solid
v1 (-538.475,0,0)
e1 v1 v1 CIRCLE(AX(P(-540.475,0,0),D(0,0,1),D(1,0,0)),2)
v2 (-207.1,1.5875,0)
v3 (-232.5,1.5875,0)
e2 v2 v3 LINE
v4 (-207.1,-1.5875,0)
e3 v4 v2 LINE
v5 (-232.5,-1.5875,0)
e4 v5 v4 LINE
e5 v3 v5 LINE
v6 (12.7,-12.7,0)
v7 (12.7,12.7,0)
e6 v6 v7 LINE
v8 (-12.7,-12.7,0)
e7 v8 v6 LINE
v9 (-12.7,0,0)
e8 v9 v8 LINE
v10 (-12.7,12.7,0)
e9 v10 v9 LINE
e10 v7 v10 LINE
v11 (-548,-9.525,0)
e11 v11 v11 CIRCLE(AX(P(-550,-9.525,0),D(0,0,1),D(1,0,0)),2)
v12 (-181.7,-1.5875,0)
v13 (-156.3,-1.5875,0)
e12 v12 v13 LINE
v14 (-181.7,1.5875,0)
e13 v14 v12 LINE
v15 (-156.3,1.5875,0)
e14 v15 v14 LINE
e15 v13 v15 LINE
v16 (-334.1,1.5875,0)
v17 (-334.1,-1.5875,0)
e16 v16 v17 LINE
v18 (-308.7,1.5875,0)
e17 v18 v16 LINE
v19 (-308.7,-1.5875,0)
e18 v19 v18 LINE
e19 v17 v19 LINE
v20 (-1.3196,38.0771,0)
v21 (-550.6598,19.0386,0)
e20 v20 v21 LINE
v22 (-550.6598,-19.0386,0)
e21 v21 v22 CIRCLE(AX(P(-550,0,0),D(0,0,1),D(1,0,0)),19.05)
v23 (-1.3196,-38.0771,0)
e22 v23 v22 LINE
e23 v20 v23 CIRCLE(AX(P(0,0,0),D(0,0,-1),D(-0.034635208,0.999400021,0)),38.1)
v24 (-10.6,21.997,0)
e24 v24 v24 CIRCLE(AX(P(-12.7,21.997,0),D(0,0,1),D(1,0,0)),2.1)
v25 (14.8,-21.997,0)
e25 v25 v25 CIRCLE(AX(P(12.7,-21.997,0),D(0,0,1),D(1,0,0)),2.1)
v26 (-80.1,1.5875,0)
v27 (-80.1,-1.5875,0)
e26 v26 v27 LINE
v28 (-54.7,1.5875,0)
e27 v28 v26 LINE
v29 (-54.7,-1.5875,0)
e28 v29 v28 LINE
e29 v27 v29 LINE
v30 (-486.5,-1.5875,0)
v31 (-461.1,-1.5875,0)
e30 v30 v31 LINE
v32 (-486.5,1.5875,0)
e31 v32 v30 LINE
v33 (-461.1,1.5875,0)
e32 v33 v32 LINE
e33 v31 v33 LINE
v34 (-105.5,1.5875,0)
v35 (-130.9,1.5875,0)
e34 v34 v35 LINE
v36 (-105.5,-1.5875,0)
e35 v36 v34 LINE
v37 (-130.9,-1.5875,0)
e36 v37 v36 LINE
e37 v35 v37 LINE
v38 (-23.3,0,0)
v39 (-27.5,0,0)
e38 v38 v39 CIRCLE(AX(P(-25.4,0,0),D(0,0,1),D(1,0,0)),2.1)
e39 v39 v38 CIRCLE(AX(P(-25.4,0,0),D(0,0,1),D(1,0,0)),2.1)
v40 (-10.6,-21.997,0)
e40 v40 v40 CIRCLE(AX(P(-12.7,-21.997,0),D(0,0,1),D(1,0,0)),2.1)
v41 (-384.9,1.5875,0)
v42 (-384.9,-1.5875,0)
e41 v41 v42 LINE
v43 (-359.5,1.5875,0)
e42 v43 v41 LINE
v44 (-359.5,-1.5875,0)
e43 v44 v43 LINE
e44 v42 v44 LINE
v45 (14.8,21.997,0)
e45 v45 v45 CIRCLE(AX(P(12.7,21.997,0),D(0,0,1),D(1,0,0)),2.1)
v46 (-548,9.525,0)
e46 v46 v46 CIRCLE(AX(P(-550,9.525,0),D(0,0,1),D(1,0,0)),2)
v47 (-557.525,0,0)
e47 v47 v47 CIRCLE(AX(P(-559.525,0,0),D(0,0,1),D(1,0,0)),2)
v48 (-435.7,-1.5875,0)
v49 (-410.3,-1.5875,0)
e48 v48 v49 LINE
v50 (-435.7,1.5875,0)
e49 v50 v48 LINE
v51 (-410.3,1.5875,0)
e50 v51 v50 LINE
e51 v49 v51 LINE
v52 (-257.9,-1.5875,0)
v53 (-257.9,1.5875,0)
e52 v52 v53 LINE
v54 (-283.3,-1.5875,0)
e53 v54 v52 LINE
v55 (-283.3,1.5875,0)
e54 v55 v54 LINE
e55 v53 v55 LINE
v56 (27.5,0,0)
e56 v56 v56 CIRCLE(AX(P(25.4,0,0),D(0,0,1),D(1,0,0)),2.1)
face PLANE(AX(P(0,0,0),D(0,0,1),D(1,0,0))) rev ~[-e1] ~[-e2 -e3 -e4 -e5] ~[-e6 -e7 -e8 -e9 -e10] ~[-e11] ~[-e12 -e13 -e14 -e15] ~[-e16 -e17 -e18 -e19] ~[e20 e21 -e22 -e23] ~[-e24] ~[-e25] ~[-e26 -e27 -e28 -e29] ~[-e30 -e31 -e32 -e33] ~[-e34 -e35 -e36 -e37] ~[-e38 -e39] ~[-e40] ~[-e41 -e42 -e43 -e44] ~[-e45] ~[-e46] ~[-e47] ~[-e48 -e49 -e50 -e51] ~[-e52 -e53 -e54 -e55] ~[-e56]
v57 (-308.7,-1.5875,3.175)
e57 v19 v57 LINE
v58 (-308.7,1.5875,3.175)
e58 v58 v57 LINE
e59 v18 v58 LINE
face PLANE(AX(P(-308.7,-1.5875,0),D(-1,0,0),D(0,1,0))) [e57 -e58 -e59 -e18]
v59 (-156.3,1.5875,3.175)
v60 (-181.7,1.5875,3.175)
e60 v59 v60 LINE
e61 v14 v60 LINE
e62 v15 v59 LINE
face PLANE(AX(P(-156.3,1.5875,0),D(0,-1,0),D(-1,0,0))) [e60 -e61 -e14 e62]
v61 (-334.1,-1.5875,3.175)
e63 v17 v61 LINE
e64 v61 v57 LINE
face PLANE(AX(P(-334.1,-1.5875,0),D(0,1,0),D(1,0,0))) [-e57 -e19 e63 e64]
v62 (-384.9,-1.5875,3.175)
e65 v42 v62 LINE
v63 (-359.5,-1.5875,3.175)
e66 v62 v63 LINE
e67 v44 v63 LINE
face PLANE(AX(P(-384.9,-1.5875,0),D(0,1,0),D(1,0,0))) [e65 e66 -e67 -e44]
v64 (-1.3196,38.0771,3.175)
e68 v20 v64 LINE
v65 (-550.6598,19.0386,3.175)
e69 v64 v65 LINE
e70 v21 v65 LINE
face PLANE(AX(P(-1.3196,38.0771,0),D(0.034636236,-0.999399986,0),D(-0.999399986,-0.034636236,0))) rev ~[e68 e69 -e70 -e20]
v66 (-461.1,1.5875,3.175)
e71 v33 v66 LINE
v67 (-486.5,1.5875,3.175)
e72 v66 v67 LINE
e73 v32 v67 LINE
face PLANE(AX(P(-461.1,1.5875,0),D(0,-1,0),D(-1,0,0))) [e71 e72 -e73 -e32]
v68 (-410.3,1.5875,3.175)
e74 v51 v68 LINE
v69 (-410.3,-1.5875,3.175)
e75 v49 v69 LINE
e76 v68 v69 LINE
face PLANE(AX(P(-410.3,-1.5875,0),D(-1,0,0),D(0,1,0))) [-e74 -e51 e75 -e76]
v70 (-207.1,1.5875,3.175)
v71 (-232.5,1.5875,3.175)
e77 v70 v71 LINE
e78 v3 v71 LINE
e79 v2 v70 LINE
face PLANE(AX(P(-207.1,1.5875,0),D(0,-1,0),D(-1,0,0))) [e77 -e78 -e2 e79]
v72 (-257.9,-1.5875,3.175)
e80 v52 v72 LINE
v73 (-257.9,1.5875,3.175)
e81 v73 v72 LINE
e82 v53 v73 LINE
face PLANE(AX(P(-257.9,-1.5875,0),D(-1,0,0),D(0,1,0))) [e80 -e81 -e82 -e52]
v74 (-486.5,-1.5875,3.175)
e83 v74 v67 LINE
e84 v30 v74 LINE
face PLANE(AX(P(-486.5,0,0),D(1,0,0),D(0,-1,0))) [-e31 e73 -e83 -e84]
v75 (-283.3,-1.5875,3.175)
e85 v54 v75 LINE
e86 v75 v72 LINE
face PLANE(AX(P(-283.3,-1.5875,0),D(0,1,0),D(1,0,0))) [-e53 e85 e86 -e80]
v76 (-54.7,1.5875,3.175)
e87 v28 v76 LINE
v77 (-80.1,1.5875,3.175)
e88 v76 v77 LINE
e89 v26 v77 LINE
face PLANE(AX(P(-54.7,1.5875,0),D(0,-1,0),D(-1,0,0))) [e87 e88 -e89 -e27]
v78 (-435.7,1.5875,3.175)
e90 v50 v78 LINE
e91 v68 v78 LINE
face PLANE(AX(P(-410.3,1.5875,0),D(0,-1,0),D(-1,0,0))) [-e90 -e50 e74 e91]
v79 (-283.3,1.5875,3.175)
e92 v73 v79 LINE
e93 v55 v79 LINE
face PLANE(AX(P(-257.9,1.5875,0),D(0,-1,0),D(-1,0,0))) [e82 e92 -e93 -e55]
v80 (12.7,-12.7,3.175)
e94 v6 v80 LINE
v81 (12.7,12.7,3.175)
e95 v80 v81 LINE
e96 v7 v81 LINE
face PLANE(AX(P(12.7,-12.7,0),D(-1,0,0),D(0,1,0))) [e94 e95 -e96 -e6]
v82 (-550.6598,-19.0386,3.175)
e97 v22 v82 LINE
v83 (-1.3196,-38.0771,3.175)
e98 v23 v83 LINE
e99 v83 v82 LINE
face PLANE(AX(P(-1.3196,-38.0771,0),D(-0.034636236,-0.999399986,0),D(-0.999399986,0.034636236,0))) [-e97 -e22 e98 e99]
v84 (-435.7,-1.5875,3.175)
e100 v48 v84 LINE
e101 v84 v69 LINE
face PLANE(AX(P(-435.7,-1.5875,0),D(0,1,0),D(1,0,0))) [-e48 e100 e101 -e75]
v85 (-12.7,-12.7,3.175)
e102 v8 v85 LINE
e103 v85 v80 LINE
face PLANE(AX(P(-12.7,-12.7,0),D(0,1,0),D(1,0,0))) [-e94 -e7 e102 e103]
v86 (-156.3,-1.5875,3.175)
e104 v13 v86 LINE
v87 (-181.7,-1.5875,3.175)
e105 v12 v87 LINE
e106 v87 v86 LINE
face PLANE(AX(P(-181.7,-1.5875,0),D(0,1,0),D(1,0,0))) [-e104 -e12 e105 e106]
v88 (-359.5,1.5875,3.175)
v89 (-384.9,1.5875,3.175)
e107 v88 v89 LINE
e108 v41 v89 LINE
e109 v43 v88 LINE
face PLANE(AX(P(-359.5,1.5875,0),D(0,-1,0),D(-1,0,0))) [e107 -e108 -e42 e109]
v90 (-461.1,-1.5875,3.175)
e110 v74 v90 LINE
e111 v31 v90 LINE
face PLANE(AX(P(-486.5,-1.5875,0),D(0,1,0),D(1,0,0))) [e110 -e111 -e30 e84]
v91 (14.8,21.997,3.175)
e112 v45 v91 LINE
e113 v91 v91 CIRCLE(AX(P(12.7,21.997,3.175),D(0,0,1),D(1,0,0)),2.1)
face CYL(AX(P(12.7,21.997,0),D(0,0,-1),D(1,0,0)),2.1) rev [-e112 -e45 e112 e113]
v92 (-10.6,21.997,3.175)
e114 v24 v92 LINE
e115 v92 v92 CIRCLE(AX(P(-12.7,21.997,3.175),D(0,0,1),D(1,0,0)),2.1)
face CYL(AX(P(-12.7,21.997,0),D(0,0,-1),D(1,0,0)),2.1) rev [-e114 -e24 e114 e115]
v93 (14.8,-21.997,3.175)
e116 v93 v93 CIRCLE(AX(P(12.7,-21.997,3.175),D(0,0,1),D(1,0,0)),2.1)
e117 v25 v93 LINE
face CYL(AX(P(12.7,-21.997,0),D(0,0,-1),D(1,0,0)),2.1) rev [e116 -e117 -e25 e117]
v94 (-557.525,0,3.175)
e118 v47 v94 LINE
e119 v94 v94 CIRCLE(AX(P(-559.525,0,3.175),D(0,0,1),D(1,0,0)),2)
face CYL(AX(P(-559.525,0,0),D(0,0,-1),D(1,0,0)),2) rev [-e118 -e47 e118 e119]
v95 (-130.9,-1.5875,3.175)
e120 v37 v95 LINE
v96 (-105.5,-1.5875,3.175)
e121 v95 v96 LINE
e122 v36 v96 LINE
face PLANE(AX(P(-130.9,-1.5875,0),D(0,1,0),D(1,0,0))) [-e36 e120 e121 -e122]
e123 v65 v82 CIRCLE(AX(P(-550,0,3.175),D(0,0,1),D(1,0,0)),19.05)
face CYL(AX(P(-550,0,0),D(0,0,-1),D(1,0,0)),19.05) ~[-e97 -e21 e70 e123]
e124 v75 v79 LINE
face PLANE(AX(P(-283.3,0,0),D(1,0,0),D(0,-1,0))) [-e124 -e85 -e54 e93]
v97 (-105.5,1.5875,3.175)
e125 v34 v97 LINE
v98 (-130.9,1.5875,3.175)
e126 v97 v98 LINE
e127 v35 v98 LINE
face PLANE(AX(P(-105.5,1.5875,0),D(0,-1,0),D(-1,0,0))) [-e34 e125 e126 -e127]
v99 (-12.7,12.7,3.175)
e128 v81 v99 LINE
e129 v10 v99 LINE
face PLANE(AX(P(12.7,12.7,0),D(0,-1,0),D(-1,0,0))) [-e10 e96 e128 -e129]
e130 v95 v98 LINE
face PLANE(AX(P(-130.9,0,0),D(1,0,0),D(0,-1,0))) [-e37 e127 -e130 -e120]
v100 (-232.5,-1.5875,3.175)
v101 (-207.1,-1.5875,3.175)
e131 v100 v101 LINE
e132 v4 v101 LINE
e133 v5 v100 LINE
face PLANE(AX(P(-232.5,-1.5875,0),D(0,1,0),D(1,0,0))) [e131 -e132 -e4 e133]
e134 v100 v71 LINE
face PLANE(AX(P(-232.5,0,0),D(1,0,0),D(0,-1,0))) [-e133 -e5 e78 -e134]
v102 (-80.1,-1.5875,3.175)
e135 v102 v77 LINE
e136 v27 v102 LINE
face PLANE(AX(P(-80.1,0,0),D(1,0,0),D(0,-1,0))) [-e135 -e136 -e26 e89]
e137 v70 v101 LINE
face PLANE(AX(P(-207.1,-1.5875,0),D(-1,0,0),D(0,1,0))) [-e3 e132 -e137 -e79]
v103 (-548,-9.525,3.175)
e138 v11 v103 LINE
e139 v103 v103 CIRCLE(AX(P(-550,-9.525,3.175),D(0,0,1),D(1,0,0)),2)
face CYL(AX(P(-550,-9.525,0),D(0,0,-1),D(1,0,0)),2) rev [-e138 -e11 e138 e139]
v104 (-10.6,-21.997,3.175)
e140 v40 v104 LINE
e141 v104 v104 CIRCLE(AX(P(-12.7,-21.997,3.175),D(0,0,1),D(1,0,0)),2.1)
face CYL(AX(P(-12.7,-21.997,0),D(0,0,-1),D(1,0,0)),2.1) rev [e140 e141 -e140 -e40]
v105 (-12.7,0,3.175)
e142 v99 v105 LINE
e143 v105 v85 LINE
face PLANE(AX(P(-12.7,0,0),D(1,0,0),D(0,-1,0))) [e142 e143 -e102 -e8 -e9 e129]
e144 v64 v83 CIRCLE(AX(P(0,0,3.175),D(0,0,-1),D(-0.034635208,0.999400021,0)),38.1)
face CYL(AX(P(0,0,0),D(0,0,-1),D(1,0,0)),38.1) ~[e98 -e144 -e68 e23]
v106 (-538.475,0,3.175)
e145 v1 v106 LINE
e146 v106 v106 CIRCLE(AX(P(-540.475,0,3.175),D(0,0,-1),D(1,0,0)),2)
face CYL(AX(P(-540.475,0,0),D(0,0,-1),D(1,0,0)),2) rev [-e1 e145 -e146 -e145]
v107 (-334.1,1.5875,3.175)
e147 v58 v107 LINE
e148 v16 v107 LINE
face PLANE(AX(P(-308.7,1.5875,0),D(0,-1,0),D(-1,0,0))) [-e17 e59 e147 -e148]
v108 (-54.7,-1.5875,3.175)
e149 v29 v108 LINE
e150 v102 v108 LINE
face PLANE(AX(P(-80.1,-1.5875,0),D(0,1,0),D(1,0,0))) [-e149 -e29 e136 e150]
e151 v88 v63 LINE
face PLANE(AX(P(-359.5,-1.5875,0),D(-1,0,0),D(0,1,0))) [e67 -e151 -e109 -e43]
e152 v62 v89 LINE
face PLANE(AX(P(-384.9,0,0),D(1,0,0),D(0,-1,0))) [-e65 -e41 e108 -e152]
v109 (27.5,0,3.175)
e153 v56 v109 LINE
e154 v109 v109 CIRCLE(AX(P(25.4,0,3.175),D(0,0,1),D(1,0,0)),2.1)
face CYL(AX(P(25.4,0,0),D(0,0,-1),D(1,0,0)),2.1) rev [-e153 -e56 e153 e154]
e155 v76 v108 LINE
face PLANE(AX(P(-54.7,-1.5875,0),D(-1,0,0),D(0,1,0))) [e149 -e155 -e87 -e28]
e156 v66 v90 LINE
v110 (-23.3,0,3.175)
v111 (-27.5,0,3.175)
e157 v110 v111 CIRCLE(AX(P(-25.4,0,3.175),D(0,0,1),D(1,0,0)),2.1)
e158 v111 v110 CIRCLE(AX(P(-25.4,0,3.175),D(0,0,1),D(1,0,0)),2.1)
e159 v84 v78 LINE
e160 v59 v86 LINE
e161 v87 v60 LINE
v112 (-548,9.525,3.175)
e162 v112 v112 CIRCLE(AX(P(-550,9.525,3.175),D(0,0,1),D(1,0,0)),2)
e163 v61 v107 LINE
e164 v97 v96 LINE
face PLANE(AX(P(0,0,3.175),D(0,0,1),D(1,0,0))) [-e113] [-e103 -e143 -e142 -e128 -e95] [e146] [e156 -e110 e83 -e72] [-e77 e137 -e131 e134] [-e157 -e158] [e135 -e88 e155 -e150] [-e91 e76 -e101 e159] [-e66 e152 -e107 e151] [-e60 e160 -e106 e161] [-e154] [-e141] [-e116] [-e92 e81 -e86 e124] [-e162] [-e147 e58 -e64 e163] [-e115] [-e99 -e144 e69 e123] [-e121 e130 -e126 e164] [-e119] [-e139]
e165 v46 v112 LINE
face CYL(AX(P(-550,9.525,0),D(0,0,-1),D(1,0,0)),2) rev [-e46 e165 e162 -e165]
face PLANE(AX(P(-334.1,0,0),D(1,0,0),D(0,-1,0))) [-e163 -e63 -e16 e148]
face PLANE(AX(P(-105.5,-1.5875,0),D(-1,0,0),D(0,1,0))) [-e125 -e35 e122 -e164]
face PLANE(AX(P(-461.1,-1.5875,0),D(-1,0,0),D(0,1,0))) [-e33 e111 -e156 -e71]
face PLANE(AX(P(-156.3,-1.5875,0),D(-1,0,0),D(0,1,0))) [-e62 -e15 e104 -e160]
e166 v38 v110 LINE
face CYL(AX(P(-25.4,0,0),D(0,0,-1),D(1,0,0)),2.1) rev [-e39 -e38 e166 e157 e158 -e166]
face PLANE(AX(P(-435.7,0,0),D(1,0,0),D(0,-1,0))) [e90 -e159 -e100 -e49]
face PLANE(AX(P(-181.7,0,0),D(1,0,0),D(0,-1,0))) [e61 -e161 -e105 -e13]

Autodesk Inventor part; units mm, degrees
ref_plane "YZ Plane" through (0, 0, 0) normal (1, 0, 0) x (0, 1, 0)
ref_plane "XZ Plane" through (0, 0, 0) normal (0, 1, 0) x (-1, 0, 0)
ref_plane "XY Plane" through (0, 0, 0) normal (0, 0, 1) x (1, 0, 0)
sketch "Sketch1" plane through (0, 0, 0) normal (0, 0, 1) x (1, 0, 0)
  circle A0 centre (0, 0) radius 31.75 projected
  circle A1 centre (25.4, 0) radius 2.1 projected
  circle A2 centre (-25.4, 0) radius 2.1 projected
  circle A3 centre (12.7, -21.997) radius 2.1 projected
  circle A4 centre (-12.7, -21.997) radius 2.1 projected
  line L0 (12.7, -12.7) -> (12.7, 12.7) projected
  line L1 (-12.7, -12.7) -> (12.7, -12.7) projected
  line L2 (-12.7, 12.7) -> (-12.7, -12.7) projected
  line L3 (12.7, 12.7) -> (-12.7, 12.7) projected
  circle A5 centre (12.7, 21.997) radius 2.1 projected
  circle A6 centre (-12.7, 21.997) radius 2.1 projected
  circle A7 centre (0, 0) radius 38.1
  line L4 (0, 0) -> (-550, 0)
  circle A8 centre (-550, 0) radius 19.05
  circle A9 centre (-540.475, 0) radius 2
  circle A10 centre (-550, 9.525) radius 2
  circle A11 centre (-559.525, 0) radius 2
  circle A12 centre (-550, -9.525) radius 2
  line L5 (-1.3196, 38.0771) -> (-550.6598, 19.0386)
  line L6 (-1.3196, -38.0771) -> (-550.6598, -19.0386)
  circle A13 centre (12.7, 21.997) radius 2
  circle A14 centre (-12.7, 21.997) radius 2
  circle A15 centre (25.4, 0) radius 2
  circle A16 centre (-25.4, 0) radius 2
  circle A17 centre (12.7, -21.997) radius 2
  circle A18 centre (-12.7, -21.997) radius 2
  line L7 (-486.5, -1.5875) -> (-461.1, -1.5875)
  line L8 (-461.1, -1.5875) -> (-461.1, 1.5875)
  line L9 (-461.1, 1.5875) -> (-486.5, 1.5875)
  line L10 (-486.5, 1.5875) -> (-486.5, -1.5875)
  line L11 (-410.3, -1.5875) -> (-410.3, 1.5875)
  line L12 (-435.7, -1.5875) -> (-410.3, -1.5875)
  line L13 (-410.3, 1.5875) -> (-435.7, 1.5875)
  line L14 (-435.7, 1.5875) -> (-435.7, -1.5875)
  line L15 (-359.5, -1.5875) -> (-359.5, 1.5875)
  line L16 (-384.9, -1.5875) -> (-359.5, -1.5875)
  line L17 (-359.5, 1.5875) -> (-384.9, 1.5875)
  line L18 (-384.9, 1.5875) -> (-384.9, -1.5875)
  line L19 (-308.7, -1.5875) -> (-308.7, 1.5875)
  line L20 (-334.1, -1.5875) -> (-308.7, -1.5875)
  line L21 (-308.7, 1.5875) -> (-334.1, 1.5875)
  line L22 (-334.1, 1.5875) -> (-334.1, -1.5875)
  line L23 (-257.9, -1.5875) -> (-257.9, 1.5875)
  line L24 (-283.3, -1.5875) -> (-257.9, -1.5875)
  line L25 (-257.9, 1.5875) -> (-283.3, 1.5875)
  line L26 (-283.3, 1.5875) -> (-283.3, -1.5875)
  line L27 (-207.1, -1.5875) -> (-207.1, 1.5875)
  line L28 (-232.5, -1.5875) -> (-207.1, -1.5875)
  line L29 (-207.1, 1.5875) -> (-232.5, 1.5875)
  line L30 (-232.5, 1.5875) -> (-232.5, -1.5875)
  line L31 (-156.3, -1.5875) -> (-156.3, 1.5875)
  line L32 (-181.7, -1.5875) -> (-156.3, -1.5875)
  line L33 (-156.3, 1.5875) -> (-181.7, 1.5875)
  line L34 (-181.7, 1.5875) -> (-181.7, -1.5875)
  line L35 (-105.5, -1.5875) -> (-105.5, 1.5875)
  line L36 (-130.9, -1.5875) -> (-105.5, -1.5875)
  line L37 (-105.5, 1.5875) -> (-130.9, 1.5875)
  line L38 (-130.9, 1.5875) -> (-130.9, -1.5875)
  line L39 (-54.7, -1.5875) -> (-54.7, 1.5875)
  line L40 (-80.1, -1.5875) -> (-54.7, -1.5875)
  line L41 (-54.7, 1.5875) -> (-80.1, 1.5875)
  line L42 (-80.1, 1.5875) -> (-80.1, -1.5875)
  point P0 (-486.5, 0)
  point P1 (-473.8, -1.5875)
  point P2 (-423, -1.5875)
  point P3 (-435.7, 0)
  point P4 (-372.2, -1.5875)
  point P5 (-384.9, 0)
  point P6 (-321.4, -1.5875)
  point P7 (-334.1, 0)
  point P8 (-270.6, -1.5875)
  point P9 (-283.3, 0)
  point P10 (-219.8, -1.5875)
  point P11 (-232.5, 0)
  point P12 (-169, -1.5875)
  point P13 (-181.7, 0)
  point P14 (-118.2, -1.5875)
  point P15 (-130.9, 0)
  point P16 (-67.4, -1.5875)
  point P17 (-80.1, 0)
  dimension "d0" = 76.2
  dimension "d1" = 550
  dimension "d2" = 38.1
  dimension "d3" = 4
  dimension "d4" = 9.525
  dimension "d7" = 360
  dimension "d9" = 4
  dimension "d10" = 4
  dimension "d11" = 4
  dimension "d12" = 4
  dimension "d13" = 4
  dimension "d14" = 4
  dimension "d17" = 25.4
  dimension "d18" = 3.175
  dimension "d19" = 76.2
  dimension "d22" = 50.8
extrude "Extrusion1" add sketch "Sketch1" along normal blind 3.175 contours A0 | A7 | A7 L6 A8 L4 L10 L7 L8 L14 L12 L11 L18 L16 L15 L22 L20 L19 L26 L24 L23 L30 L28 L27 L34 L32 L31 L38 L36 L35 L42 L40 L39 | L4 L39 L41 L42 L35 L37 L38 L31 L33 L34 L27 L29 L30 L23 L25 L26 L19 L21 L22 L15 L17 L18 L11 L13 L14 L8 L9 L10 A8 L5 A7 | A8
properties part number "MainArm" material "MDF Medium Density Fiberboard"
